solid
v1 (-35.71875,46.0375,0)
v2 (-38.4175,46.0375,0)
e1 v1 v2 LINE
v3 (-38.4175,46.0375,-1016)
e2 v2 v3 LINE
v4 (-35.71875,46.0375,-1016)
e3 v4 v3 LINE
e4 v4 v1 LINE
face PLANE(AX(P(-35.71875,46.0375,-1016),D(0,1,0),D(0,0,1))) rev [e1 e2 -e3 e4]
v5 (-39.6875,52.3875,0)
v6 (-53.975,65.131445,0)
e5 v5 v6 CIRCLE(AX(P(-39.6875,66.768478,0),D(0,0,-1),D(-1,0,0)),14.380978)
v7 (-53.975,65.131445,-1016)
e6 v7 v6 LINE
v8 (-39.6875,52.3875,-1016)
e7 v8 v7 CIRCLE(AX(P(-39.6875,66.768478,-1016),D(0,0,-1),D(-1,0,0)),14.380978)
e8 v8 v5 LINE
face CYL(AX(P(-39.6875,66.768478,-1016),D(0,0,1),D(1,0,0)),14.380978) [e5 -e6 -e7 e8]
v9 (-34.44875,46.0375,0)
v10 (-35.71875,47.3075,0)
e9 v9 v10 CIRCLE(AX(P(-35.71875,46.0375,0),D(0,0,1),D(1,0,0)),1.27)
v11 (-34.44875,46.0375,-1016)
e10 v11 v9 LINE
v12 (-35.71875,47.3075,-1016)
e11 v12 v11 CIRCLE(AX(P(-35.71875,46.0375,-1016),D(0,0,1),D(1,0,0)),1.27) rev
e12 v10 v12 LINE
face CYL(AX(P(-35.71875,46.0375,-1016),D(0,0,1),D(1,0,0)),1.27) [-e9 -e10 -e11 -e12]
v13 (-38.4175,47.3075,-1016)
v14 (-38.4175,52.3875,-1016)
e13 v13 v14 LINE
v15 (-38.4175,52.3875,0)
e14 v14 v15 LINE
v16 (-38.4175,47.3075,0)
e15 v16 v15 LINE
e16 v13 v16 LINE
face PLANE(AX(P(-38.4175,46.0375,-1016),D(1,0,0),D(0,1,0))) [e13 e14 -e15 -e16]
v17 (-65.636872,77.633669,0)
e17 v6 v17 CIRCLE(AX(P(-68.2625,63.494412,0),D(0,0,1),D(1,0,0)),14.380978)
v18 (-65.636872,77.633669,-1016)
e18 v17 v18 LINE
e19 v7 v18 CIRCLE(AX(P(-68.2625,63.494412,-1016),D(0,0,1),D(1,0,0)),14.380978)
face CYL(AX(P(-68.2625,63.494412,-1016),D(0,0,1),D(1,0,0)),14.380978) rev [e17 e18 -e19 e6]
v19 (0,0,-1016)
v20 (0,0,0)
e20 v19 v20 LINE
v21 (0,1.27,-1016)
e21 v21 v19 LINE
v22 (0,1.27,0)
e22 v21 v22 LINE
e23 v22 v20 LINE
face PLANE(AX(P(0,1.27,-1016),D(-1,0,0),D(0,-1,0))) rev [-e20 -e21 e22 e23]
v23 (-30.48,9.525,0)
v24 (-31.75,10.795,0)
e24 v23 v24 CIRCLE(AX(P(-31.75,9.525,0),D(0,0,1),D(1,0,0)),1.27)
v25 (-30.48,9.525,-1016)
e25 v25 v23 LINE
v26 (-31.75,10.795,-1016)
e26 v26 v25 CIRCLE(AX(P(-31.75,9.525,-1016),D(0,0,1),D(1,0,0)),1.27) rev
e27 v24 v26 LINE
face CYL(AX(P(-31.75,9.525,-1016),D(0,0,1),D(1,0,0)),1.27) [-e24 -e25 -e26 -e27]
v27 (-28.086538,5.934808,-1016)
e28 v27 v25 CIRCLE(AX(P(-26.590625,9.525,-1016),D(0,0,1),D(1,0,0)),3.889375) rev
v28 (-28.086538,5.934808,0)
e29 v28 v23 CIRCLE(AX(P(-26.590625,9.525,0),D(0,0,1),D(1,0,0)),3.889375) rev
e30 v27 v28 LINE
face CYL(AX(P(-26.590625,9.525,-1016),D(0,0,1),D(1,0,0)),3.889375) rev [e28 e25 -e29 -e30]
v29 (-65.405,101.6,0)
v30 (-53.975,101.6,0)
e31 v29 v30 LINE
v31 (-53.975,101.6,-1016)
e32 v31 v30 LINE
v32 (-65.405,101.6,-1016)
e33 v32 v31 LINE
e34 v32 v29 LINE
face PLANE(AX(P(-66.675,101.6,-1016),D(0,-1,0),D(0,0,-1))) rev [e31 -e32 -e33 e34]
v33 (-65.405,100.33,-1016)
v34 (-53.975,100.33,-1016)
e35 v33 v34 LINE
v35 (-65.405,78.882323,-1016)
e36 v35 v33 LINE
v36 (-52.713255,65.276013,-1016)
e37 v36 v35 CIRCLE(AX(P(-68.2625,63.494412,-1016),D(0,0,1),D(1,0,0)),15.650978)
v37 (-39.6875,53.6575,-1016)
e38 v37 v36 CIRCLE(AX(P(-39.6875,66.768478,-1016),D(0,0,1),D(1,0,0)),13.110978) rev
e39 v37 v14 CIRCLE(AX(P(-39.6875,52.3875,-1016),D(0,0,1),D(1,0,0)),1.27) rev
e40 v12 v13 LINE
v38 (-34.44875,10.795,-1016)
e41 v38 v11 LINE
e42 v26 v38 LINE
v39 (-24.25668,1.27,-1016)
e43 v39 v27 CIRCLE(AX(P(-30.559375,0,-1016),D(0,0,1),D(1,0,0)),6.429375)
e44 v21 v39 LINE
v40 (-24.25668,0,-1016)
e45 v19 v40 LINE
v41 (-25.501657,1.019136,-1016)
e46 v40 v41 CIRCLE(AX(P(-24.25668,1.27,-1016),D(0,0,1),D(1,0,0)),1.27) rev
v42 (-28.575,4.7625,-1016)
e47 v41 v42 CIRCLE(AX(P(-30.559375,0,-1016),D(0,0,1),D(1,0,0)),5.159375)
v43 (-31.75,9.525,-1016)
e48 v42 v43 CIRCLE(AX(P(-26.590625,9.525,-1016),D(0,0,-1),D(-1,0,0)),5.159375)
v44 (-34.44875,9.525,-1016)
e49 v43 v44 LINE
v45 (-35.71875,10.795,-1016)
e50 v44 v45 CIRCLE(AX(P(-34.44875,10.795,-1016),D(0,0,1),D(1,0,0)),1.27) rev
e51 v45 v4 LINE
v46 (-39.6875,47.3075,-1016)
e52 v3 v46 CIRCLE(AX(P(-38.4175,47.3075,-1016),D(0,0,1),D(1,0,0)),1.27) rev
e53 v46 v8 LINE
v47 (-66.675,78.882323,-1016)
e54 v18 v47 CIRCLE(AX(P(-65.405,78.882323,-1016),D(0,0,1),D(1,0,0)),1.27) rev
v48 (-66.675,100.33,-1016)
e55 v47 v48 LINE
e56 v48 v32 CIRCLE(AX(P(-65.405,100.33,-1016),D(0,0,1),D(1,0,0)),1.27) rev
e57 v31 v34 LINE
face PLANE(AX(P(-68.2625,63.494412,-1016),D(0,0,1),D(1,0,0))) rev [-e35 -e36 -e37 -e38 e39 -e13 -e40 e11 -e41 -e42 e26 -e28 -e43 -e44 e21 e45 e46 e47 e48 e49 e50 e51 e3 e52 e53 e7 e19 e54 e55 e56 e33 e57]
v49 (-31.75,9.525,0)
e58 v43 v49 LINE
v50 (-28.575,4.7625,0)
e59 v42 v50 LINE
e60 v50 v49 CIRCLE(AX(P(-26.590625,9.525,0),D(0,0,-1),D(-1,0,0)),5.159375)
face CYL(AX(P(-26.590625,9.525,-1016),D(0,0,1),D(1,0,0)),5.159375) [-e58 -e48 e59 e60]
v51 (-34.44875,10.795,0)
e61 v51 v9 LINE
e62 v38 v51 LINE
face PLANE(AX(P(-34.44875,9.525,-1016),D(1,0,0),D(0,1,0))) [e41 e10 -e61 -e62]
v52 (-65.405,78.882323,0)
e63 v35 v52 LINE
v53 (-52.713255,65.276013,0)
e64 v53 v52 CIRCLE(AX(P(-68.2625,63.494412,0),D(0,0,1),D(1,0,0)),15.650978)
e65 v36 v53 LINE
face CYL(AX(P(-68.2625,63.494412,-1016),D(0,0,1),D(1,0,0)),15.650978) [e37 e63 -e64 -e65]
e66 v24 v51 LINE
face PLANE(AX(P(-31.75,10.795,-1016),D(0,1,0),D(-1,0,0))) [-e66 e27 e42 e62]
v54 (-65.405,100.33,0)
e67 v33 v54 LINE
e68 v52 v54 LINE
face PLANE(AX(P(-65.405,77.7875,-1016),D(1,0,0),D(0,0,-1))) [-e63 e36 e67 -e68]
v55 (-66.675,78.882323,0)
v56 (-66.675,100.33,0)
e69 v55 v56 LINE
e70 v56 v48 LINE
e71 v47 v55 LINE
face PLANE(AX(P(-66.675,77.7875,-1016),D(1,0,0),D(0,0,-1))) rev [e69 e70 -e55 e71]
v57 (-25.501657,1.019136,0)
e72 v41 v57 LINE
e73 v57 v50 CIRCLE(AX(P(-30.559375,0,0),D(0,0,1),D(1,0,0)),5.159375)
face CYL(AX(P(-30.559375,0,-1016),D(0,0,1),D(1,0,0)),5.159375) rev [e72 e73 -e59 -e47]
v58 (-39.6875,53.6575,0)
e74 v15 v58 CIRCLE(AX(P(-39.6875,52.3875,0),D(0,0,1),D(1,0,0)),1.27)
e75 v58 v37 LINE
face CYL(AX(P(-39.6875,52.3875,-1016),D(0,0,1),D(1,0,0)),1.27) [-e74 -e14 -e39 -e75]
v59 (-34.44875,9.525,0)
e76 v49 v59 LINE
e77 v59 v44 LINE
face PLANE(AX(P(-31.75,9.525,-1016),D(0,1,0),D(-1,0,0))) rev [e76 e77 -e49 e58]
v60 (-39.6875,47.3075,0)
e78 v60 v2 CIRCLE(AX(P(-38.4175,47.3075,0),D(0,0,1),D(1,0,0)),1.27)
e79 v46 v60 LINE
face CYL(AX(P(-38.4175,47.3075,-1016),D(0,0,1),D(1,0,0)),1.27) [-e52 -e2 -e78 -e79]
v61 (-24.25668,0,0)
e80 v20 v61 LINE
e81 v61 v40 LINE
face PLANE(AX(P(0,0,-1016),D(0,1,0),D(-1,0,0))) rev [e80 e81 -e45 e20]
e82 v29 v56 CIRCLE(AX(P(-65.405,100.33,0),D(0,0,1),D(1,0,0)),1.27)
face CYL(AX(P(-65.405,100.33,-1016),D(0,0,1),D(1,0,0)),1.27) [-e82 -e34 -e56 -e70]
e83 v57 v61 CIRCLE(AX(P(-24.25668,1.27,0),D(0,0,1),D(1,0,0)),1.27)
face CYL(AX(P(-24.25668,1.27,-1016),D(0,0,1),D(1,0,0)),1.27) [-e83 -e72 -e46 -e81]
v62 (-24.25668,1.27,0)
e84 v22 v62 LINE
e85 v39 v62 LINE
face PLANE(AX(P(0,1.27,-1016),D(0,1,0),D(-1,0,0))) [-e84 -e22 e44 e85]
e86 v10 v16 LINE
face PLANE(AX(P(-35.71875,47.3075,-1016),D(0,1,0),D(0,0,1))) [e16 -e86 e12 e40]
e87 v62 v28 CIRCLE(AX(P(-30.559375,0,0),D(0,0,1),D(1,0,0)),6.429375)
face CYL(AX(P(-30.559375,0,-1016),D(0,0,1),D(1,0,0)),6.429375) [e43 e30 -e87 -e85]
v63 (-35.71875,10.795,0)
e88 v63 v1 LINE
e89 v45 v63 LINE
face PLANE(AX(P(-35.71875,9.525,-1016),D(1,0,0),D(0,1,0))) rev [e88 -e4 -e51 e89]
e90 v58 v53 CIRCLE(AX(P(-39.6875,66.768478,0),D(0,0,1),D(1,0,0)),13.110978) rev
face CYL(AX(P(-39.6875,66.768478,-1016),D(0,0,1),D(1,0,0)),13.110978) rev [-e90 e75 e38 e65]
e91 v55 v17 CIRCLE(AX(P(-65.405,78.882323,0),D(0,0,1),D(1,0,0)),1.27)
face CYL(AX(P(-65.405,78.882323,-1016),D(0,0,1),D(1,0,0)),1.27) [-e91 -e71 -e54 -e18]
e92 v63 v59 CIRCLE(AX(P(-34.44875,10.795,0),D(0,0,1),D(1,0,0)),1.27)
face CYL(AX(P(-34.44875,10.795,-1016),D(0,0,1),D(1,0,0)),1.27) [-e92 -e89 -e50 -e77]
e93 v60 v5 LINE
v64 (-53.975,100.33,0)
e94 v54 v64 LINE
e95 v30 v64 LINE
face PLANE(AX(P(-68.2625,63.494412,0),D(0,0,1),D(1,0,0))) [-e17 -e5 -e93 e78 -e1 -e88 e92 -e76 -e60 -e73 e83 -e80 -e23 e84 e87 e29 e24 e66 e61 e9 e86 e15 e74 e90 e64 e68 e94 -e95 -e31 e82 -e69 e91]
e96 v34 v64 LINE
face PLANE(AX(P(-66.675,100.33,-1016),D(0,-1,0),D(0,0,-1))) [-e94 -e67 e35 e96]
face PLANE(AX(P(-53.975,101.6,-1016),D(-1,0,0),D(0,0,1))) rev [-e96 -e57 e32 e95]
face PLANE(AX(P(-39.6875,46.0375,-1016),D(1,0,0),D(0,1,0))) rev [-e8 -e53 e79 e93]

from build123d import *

# Parameters (mm, degrees)
EXTRUDE_THIN1_DEPTH = 1016
FILLET1_R           = 1.27


with BuildPart() as part:
    # Sketch1 → Extrude-Thin1 (new body)
    with BuildSketch(Plane.XY):
        with BuildLine():
            Line((0, 0), (-25.4, 0))
            ThreePointArc((-25.4, 0), (-26.266516, 2.861906), (-28.575, 4.7625))
            ThreePointArc((-28.575, 4.7625), (-30.883484, 6.663094), (-31.75, 9.525))
            Line((-31.75, 9.525), (-35.71875, 9.525))
            Line((-35.71875, 9.525), (-35.71875, 46.0375))
            Line((-35.71875, 46.0375), (-39.6875, 46.0375))
            Line((-39.6875, 46.0375), (-39.6875, 52.3875))
            ThreePointArc((-39.6875, 52.3875), (-49.260127, 56.036408), (-53.975, 65.131445))
            ThreePointArc((-53.975, 65.131445), (-58.111252, 73.680907), (-66.675, 77.7875))
            Line((-66.675, 77.7875), (-66.675, 101.6))
            Line((-66.675, 101.6), (-53.975, 101.6))
            Line((-53.975, 101.6), (-53.975, 100.33))
            Line((-53.975, 100.33), (-65.405, 100.33))
            Line((-65.405, 100.33), (-65.405, 78.882323))
            ThreePointArc((-65.405, 78.882323), (-56.817633, 74.169998), (-52.713255, 65.276013))
            ThreePointArc((-52.713255, 65.276013), (-47.930054, 56.572496), (-38.4175, 53.719154))
            Line((-38.4175, 53.719154), (-38.4175, 47.3075))
            Line((-38.4175, 47.3075), (-34.44875, 47.3075))
            Line((-34.44875, 47.3075), (-34.44875, 10.795))
            Line((-34.44875, 10.795), (-30.26681, 10.795))
            ThreePointArc((-30.26681, 10.795), (-30.139289, 7.933077), (-28.086538, 5.934808))
            ThreePointArc((-28.086538, 5.934808), (-25.590211, 4.079739), (-24.25668, 1.27))
            Line((-24.25668, 1.27), (0, 1.27))
            Line((0, 1.27), (0, 0))
        make_face()
    extrude(amount=-EXTRUDE_THIN1_DEPTH)

    # Fillet1
    fillet1_edges = [part.edges().sort_by_distance(p)[0] for p in [
        (-38.4175, 53.719154, -508),
        (-34.44875, 47.3075, -508),
        (-30.26681, 10.795, -508),
        (-25.4, 0, -508),
        (-35.71875, 9.525, -508),
        (-39.6875, 46.0375, -508),
        (-66.675, 77.7875, -508),
        (-66.675, 101.6, -508),
    ]]
    fillet(fillet1_edges, radius=FILLET1_R)


solid = part.part
